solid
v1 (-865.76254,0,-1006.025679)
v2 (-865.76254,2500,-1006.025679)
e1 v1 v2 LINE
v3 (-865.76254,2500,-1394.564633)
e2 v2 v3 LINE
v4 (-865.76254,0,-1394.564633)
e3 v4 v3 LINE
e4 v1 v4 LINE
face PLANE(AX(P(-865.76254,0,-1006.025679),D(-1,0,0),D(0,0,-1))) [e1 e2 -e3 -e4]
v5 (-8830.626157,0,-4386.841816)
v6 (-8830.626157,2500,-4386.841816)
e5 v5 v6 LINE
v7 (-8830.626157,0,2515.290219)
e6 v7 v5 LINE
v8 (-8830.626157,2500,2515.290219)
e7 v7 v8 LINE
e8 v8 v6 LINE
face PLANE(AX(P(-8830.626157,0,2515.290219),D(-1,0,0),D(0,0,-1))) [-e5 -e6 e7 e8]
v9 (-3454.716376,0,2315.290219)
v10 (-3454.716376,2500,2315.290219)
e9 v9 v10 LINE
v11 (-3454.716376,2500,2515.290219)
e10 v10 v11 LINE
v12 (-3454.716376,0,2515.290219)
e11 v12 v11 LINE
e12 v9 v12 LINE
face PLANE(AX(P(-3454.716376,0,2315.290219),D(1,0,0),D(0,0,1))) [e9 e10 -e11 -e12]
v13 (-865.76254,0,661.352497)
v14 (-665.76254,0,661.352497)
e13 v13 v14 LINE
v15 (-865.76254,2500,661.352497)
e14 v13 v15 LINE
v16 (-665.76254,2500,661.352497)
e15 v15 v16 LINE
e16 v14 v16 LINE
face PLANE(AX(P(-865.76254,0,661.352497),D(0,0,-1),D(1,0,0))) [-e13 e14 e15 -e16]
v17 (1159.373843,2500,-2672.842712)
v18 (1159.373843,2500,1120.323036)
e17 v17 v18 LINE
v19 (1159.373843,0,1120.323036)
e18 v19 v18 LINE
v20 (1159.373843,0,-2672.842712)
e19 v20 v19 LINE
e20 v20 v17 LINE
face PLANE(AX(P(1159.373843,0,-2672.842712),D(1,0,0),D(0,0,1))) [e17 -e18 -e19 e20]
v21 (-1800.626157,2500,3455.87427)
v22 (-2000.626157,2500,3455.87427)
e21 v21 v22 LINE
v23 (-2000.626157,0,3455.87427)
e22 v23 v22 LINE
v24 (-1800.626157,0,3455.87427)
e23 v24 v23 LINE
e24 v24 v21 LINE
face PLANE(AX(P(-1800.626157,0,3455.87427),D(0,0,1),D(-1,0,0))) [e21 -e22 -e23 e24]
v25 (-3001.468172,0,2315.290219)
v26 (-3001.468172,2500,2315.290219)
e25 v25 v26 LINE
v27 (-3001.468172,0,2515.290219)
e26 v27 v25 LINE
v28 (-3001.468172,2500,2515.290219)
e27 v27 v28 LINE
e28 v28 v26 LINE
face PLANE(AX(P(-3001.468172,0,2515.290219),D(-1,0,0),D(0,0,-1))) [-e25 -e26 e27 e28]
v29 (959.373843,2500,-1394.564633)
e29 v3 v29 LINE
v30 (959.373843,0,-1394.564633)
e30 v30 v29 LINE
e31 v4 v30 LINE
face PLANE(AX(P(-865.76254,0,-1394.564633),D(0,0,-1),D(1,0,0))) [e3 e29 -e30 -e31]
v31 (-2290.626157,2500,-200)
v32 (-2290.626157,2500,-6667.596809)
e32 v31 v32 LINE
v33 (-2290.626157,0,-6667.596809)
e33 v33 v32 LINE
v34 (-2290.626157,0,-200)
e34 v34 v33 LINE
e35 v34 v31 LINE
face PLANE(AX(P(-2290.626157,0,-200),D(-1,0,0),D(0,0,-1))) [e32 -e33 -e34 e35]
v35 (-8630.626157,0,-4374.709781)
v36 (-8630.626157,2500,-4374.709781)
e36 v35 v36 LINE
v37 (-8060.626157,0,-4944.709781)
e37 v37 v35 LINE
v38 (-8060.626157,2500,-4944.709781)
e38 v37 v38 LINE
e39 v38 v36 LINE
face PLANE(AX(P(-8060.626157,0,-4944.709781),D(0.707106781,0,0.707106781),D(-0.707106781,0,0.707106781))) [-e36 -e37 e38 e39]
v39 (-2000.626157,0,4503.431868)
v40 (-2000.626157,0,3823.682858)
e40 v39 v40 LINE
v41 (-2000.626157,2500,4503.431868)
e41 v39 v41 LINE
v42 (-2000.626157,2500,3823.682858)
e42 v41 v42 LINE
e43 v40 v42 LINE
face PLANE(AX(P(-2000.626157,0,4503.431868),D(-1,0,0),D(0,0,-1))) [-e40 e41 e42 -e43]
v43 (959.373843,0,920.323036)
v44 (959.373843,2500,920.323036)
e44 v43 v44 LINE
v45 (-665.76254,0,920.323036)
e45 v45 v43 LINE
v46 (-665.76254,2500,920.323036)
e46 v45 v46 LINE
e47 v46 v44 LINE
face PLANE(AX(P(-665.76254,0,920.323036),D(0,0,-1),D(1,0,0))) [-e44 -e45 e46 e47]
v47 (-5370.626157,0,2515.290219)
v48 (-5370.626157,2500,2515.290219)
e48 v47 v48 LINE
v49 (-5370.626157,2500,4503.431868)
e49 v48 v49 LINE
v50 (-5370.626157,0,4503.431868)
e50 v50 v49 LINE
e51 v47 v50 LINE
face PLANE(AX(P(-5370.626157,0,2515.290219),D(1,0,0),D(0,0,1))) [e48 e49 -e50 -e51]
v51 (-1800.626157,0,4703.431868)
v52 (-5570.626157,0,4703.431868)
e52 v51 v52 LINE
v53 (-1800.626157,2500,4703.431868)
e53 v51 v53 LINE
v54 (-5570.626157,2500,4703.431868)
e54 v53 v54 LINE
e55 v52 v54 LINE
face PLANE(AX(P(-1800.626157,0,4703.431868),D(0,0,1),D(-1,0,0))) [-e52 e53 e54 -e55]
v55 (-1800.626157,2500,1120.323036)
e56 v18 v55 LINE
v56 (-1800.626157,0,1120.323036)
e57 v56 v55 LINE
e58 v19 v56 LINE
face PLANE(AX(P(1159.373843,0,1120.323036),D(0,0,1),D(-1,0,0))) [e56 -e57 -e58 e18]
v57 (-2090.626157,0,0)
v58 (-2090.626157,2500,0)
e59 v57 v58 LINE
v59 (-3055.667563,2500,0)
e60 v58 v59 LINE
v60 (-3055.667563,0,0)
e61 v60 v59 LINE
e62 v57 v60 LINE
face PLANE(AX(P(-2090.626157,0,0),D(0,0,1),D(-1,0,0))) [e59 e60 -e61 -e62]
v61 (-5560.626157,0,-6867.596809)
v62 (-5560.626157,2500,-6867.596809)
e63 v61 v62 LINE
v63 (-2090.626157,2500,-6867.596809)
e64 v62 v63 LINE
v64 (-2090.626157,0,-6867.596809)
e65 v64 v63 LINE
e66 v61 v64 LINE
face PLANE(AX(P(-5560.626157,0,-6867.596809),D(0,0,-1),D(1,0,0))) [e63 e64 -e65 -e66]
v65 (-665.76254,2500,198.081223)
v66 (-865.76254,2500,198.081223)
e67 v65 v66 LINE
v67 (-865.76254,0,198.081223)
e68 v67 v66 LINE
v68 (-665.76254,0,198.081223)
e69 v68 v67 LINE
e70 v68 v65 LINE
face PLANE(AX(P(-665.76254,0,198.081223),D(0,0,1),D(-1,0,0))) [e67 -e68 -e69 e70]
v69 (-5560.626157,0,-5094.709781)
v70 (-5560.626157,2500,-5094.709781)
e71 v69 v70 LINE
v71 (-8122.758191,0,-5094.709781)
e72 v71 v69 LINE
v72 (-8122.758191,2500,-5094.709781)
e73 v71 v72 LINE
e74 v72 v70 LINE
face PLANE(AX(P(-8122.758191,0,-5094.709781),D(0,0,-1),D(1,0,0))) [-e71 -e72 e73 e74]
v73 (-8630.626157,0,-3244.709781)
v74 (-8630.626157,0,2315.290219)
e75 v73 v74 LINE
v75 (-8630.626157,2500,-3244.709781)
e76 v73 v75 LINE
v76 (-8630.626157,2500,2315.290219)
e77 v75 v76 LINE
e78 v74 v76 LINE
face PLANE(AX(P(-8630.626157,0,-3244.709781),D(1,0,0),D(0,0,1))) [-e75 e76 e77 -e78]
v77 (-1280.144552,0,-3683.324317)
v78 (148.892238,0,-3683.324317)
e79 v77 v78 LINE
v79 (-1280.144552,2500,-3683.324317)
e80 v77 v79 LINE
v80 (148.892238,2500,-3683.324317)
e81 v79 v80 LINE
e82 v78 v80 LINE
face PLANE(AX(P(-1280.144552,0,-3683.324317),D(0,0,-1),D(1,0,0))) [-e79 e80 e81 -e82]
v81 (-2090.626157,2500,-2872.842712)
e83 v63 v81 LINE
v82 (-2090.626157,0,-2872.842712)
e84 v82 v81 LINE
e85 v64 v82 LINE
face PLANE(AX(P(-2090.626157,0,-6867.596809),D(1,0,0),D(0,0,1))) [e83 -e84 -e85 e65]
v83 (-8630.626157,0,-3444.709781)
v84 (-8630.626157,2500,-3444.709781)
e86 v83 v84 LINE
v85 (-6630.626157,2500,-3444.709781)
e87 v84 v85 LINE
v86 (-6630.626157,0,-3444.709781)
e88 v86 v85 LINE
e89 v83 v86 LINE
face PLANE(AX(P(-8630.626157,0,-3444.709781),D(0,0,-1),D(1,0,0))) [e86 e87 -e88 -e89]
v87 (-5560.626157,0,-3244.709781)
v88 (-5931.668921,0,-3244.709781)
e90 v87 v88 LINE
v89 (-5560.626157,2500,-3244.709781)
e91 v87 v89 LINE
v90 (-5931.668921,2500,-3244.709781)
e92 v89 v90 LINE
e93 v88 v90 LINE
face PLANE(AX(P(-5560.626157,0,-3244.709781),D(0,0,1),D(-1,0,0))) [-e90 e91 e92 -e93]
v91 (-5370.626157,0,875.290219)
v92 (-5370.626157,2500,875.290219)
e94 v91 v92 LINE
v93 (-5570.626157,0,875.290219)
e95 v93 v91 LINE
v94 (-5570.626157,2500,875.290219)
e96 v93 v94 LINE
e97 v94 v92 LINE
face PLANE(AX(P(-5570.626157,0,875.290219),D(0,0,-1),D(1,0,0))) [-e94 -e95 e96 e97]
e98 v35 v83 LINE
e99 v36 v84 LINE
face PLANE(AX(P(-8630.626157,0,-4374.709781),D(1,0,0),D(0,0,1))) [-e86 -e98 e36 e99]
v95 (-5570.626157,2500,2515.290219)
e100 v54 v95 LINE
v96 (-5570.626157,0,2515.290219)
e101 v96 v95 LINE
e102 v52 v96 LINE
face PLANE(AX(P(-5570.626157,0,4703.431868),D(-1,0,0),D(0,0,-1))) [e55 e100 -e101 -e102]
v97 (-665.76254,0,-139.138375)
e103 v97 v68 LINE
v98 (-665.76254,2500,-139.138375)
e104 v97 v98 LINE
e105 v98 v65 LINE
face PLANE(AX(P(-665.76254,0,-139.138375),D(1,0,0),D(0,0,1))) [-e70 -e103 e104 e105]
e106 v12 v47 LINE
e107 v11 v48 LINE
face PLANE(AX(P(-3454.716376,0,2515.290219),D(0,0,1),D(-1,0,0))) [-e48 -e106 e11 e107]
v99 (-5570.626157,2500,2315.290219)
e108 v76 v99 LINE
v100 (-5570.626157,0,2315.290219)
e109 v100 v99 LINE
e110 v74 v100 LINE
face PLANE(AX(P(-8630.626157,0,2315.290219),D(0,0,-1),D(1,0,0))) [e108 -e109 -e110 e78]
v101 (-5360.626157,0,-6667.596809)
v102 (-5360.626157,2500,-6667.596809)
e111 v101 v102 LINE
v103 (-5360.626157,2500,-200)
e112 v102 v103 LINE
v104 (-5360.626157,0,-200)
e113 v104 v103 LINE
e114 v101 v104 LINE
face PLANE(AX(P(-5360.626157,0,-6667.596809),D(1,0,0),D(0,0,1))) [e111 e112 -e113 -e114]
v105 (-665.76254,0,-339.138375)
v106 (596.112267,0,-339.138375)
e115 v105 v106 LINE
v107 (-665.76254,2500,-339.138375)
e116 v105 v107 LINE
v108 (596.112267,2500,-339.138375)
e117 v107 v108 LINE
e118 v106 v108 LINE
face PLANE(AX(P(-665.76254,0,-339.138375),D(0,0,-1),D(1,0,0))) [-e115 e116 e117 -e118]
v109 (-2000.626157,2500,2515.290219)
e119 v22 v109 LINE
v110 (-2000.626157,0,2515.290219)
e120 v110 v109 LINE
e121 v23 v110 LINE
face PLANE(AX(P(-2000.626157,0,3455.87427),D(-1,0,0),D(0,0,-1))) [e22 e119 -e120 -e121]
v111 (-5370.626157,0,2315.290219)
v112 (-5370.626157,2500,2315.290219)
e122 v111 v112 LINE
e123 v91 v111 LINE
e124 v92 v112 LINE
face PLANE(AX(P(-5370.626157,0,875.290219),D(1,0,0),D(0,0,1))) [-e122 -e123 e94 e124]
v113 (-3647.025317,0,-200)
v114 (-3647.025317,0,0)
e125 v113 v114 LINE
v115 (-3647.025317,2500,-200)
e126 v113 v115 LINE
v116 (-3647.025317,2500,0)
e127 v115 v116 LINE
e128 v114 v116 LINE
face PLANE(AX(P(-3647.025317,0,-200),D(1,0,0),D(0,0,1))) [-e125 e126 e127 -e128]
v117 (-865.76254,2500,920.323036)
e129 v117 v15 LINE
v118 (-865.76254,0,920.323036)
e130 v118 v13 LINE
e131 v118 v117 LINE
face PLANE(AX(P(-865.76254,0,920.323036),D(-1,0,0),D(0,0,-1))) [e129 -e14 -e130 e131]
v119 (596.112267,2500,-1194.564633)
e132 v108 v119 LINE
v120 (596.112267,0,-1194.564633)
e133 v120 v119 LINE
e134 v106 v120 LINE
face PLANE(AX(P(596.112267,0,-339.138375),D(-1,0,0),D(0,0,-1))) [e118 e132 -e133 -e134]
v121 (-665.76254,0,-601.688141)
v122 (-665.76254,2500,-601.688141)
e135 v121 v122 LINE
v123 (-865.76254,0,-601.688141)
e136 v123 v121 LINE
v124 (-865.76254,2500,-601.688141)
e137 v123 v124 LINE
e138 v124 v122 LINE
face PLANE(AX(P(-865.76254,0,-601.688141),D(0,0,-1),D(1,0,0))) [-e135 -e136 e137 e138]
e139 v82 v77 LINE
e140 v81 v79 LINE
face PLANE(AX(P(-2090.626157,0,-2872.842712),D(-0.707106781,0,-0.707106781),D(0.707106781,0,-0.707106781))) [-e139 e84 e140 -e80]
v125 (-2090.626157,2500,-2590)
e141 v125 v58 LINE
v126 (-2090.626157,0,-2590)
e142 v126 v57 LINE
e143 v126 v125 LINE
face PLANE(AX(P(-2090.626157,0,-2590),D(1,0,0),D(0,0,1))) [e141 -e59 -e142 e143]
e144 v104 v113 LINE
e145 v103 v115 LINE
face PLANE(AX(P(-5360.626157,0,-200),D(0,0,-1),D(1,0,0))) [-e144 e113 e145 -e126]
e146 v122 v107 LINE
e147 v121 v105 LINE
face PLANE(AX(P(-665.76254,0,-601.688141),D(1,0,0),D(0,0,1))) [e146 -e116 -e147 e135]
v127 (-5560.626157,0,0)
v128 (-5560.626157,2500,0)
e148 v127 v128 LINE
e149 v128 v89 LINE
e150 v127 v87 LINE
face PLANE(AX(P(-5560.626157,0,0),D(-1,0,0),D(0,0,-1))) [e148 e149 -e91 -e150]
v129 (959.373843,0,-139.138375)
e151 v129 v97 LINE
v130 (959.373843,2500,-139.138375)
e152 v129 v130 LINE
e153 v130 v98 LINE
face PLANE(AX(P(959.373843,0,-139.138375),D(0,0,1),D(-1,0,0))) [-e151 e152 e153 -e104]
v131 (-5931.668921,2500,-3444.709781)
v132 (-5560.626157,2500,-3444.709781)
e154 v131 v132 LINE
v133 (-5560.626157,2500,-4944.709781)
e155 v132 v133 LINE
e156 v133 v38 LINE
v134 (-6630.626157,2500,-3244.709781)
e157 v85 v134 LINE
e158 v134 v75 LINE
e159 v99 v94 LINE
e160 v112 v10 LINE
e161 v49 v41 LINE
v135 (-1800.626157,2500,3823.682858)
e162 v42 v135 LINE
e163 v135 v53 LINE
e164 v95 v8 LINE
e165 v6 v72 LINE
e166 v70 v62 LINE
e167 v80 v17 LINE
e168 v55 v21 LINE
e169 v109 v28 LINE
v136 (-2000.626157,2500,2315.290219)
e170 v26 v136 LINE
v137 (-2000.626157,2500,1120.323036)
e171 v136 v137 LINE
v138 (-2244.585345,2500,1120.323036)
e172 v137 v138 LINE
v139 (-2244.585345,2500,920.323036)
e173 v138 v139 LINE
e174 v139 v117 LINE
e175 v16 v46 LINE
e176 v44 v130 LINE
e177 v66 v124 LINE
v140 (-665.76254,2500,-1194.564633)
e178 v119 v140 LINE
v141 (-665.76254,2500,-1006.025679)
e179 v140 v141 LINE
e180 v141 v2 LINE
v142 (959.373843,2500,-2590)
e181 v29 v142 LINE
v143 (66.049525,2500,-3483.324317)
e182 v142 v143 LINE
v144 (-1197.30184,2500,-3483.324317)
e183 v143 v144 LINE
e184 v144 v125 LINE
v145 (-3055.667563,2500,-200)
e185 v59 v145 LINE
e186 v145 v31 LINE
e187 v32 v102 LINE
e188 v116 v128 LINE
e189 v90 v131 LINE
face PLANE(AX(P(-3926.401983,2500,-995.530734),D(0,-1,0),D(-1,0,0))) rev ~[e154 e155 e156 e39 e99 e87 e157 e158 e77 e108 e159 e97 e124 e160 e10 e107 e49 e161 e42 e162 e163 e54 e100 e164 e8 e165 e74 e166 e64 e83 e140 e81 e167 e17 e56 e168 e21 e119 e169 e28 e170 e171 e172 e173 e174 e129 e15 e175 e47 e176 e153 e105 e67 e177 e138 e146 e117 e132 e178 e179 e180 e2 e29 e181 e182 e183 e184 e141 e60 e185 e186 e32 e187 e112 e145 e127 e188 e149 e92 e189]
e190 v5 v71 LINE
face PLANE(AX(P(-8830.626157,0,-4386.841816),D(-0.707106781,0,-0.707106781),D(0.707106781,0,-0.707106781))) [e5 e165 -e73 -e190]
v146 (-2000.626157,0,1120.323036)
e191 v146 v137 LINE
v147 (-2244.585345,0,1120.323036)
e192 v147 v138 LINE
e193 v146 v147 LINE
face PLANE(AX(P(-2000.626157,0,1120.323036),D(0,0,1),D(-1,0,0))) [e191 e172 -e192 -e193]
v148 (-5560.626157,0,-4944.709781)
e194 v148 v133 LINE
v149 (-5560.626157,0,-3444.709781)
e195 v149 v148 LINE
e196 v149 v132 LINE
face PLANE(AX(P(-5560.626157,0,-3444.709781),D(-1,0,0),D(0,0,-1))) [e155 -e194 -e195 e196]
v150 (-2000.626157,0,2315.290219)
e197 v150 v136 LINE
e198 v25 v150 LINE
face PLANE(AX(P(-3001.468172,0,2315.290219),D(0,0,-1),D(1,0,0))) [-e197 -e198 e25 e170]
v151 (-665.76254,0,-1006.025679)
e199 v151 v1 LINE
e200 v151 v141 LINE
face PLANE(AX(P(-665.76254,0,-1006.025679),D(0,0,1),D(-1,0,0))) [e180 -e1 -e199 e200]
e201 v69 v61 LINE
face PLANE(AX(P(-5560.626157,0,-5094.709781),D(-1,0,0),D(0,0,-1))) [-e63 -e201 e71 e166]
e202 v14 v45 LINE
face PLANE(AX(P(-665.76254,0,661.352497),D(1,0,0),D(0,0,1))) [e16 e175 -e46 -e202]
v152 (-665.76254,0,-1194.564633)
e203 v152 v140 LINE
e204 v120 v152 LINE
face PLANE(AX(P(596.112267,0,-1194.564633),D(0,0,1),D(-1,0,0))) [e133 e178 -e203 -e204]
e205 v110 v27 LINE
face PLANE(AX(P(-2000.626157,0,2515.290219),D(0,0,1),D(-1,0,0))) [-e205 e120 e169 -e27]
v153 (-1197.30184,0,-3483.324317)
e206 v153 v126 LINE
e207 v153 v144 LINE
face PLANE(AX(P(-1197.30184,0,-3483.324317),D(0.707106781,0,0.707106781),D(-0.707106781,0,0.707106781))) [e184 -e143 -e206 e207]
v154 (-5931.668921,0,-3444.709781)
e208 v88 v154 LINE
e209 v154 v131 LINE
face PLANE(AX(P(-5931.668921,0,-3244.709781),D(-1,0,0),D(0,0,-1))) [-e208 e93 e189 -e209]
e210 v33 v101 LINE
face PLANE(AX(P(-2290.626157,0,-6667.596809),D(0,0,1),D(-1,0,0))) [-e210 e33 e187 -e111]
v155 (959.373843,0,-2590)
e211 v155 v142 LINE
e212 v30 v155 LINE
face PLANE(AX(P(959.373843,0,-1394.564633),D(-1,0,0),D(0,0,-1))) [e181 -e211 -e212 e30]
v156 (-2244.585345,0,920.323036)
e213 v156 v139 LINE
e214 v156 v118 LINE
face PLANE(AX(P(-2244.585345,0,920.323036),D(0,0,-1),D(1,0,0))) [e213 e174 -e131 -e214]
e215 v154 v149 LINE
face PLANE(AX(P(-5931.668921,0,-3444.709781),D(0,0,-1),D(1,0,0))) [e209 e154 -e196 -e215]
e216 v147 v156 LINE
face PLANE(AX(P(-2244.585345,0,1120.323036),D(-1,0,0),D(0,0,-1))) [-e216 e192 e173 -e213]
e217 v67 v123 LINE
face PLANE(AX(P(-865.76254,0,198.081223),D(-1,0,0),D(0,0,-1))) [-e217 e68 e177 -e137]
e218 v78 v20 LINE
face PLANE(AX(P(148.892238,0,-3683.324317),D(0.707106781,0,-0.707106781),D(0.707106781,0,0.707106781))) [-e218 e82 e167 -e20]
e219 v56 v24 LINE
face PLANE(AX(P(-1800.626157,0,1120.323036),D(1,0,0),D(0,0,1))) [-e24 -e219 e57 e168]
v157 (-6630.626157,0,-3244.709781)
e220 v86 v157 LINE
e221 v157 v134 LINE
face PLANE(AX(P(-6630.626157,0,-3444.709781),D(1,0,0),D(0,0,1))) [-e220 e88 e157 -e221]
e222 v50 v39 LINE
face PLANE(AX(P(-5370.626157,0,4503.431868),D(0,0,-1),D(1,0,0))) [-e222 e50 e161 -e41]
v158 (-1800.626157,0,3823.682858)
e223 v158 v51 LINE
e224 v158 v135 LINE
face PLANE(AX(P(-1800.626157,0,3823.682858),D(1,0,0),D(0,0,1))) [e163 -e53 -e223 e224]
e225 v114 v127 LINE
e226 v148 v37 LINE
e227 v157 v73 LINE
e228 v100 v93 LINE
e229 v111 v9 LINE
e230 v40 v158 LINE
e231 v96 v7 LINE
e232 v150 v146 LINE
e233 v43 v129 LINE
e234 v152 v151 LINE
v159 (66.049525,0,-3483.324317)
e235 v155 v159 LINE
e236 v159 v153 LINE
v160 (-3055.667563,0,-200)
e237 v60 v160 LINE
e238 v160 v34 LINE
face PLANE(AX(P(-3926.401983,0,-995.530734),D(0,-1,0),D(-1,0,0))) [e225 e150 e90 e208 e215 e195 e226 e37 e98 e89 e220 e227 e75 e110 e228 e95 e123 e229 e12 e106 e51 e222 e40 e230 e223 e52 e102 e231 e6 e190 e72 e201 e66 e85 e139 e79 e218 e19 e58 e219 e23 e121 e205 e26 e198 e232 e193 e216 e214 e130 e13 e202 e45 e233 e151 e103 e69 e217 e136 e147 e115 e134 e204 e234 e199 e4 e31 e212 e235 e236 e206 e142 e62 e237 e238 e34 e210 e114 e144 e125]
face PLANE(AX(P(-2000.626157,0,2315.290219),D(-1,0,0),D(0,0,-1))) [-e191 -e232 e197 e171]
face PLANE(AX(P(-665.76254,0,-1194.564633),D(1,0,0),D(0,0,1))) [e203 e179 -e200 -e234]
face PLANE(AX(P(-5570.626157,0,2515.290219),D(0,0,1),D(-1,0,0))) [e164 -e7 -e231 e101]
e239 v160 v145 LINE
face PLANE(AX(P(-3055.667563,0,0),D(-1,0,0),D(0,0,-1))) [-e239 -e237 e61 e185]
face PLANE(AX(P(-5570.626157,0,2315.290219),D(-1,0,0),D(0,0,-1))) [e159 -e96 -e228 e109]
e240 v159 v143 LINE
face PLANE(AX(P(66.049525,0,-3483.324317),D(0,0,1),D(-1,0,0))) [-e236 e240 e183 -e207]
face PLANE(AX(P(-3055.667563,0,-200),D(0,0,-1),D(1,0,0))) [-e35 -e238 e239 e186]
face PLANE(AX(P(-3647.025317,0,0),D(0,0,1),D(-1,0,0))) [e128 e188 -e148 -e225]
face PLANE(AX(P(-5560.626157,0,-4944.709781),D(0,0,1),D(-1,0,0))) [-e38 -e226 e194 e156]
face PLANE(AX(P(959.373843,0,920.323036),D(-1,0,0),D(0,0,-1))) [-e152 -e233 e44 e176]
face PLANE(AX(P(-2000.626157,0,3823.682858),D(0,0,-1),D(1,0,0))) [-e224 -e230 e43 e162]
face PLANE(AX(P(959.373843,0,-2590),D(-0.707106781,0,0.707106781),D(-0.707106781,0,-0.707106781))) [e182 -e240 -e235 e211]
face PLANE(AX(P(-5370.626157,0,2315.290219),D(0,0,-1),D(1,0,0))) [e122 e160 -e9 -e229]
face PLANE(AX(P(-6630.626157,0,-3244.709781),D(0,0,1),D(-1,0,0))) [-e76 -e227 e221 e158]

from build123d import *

# Parameters (mm, degrees)
BOSS_EXTRUDE1_DEPTH = 2500


with BuildPart() as part:
    # Sketch1 → Boss-Extrude1 (new body)
    with BuildSketch(Plane(origin=(0, 0, 0), x_dir=(1, 0, 0), z_dir=(0, 1, 0))):
        Polygon((959.373842867, 1394.56463349), (959.373842867, 2590), (66.049525486, 3483.324317381), (-1197.301839752, 3483.324317381), (-2090.626157133, 2590), (-2090.626157133, 0), (-3055.667562724, 0), (-3055.667562724, 200), (-2290.626157133, 200), (-2290.626157133, 6667.596809264), (-5360.626157133, 6667.596809264), (-5360.626157133, 200), (-3647.025316722, 200), (-3647.025316722, 0), (-5560.626157133, 0), (-5560.626157133, 3244.709781271), (-5931.668920541, 3244.709781271), (-5931.668920541, 3444.709781271), (-5560.626157133, 3444.709781271), (-5560.626157133, 4944.709781271), (-8060.626157133, 4944.709781271), (-8630.626157133, 4374.709781271), (-8630.626157133, 3444.709781271), (-6630.626157133, 3444.709781271), (-6630.626157133, 3244.709781271), (-8630.626157133, 3244.709781271), (-8630.626157133, -2315.290218729), (-5570.626157133, -2315.290218729), (-5570.626157133, -875.290218729), (-5370.626157133, -875.290218729), (-5370.626157133, -2315.290218729), (-3454.716376336, -2315.290218729), (-3454.716376336, -2515.290218729), (-5370.626157133, -2515.290218729), (-5370.626157133, -4503.431868327), (-2000.626157133, -4503.431868327), (-2000.626157133, -3823.682857884), (-1800.626157133, -3823.682857884), (-1800.626157133, -4703.431868327), (-5570.626157133, -4703.431868327), (-5570.626157133, -2515.290218729), (-8830.626157133, -2515.290218729), (-8830.626157133, 4386.841815627), (-8122.758191489, 5094.709781271), (-5560.626157133, 5094.709781271), (-5560.626157133, 6867.596809264), (-2090.626157133, 6867.596809264), (-2090.626157133, 2872.842712475), (-1280.144552227, 3683.324317381), (148.89223796, 3683.324317381), (1159.373842867, 2672.842712475), (1159.373842867, -1120.323035623), (-1800.626157133, -1120.323035623), (-1800.626157133, -3455.874270038), (-2000.626157133, -3455.874270038), (-2000.626157133, -2515.290218729), (-3001.468171969, -2515.290218729), (-3001.468171969, -2315.290218729), (-2000.626157133, -2315.290218729), (-2000.626157133, -1120.323035623), (-2244.585344705, -1120.323035623), (-2244.585344705, -920.323035623), (-865.76253991, -920.323035623), (-865.76253991, -661.352497341), (-665.76253991, -661.352497341), (-665.76253991, -920.323035623), (959.373842867, -920.323035623), (959.373842867, 139.138374563), (-665.76253991, 139.138374563), (-665.76253991, -198.081222703), (-865.76253991, -198.081222703), (-865.76253991, 601.688140889), (-665.76253991, 601.688140889), (-665.76253991, 339.138374563), (596.112266743, 339.138374563), (596.112266743, 1194.56463349), (-665.76253991, 1194.56463349), (-665.76253991, 1006.025679399), (-865.76253991, 1006.025679399), (-865.76253991, 1394.56463349), align=None)
    extrude(amount=BOSS_EXTRUDE1_DEPTH)


solid = part.part
